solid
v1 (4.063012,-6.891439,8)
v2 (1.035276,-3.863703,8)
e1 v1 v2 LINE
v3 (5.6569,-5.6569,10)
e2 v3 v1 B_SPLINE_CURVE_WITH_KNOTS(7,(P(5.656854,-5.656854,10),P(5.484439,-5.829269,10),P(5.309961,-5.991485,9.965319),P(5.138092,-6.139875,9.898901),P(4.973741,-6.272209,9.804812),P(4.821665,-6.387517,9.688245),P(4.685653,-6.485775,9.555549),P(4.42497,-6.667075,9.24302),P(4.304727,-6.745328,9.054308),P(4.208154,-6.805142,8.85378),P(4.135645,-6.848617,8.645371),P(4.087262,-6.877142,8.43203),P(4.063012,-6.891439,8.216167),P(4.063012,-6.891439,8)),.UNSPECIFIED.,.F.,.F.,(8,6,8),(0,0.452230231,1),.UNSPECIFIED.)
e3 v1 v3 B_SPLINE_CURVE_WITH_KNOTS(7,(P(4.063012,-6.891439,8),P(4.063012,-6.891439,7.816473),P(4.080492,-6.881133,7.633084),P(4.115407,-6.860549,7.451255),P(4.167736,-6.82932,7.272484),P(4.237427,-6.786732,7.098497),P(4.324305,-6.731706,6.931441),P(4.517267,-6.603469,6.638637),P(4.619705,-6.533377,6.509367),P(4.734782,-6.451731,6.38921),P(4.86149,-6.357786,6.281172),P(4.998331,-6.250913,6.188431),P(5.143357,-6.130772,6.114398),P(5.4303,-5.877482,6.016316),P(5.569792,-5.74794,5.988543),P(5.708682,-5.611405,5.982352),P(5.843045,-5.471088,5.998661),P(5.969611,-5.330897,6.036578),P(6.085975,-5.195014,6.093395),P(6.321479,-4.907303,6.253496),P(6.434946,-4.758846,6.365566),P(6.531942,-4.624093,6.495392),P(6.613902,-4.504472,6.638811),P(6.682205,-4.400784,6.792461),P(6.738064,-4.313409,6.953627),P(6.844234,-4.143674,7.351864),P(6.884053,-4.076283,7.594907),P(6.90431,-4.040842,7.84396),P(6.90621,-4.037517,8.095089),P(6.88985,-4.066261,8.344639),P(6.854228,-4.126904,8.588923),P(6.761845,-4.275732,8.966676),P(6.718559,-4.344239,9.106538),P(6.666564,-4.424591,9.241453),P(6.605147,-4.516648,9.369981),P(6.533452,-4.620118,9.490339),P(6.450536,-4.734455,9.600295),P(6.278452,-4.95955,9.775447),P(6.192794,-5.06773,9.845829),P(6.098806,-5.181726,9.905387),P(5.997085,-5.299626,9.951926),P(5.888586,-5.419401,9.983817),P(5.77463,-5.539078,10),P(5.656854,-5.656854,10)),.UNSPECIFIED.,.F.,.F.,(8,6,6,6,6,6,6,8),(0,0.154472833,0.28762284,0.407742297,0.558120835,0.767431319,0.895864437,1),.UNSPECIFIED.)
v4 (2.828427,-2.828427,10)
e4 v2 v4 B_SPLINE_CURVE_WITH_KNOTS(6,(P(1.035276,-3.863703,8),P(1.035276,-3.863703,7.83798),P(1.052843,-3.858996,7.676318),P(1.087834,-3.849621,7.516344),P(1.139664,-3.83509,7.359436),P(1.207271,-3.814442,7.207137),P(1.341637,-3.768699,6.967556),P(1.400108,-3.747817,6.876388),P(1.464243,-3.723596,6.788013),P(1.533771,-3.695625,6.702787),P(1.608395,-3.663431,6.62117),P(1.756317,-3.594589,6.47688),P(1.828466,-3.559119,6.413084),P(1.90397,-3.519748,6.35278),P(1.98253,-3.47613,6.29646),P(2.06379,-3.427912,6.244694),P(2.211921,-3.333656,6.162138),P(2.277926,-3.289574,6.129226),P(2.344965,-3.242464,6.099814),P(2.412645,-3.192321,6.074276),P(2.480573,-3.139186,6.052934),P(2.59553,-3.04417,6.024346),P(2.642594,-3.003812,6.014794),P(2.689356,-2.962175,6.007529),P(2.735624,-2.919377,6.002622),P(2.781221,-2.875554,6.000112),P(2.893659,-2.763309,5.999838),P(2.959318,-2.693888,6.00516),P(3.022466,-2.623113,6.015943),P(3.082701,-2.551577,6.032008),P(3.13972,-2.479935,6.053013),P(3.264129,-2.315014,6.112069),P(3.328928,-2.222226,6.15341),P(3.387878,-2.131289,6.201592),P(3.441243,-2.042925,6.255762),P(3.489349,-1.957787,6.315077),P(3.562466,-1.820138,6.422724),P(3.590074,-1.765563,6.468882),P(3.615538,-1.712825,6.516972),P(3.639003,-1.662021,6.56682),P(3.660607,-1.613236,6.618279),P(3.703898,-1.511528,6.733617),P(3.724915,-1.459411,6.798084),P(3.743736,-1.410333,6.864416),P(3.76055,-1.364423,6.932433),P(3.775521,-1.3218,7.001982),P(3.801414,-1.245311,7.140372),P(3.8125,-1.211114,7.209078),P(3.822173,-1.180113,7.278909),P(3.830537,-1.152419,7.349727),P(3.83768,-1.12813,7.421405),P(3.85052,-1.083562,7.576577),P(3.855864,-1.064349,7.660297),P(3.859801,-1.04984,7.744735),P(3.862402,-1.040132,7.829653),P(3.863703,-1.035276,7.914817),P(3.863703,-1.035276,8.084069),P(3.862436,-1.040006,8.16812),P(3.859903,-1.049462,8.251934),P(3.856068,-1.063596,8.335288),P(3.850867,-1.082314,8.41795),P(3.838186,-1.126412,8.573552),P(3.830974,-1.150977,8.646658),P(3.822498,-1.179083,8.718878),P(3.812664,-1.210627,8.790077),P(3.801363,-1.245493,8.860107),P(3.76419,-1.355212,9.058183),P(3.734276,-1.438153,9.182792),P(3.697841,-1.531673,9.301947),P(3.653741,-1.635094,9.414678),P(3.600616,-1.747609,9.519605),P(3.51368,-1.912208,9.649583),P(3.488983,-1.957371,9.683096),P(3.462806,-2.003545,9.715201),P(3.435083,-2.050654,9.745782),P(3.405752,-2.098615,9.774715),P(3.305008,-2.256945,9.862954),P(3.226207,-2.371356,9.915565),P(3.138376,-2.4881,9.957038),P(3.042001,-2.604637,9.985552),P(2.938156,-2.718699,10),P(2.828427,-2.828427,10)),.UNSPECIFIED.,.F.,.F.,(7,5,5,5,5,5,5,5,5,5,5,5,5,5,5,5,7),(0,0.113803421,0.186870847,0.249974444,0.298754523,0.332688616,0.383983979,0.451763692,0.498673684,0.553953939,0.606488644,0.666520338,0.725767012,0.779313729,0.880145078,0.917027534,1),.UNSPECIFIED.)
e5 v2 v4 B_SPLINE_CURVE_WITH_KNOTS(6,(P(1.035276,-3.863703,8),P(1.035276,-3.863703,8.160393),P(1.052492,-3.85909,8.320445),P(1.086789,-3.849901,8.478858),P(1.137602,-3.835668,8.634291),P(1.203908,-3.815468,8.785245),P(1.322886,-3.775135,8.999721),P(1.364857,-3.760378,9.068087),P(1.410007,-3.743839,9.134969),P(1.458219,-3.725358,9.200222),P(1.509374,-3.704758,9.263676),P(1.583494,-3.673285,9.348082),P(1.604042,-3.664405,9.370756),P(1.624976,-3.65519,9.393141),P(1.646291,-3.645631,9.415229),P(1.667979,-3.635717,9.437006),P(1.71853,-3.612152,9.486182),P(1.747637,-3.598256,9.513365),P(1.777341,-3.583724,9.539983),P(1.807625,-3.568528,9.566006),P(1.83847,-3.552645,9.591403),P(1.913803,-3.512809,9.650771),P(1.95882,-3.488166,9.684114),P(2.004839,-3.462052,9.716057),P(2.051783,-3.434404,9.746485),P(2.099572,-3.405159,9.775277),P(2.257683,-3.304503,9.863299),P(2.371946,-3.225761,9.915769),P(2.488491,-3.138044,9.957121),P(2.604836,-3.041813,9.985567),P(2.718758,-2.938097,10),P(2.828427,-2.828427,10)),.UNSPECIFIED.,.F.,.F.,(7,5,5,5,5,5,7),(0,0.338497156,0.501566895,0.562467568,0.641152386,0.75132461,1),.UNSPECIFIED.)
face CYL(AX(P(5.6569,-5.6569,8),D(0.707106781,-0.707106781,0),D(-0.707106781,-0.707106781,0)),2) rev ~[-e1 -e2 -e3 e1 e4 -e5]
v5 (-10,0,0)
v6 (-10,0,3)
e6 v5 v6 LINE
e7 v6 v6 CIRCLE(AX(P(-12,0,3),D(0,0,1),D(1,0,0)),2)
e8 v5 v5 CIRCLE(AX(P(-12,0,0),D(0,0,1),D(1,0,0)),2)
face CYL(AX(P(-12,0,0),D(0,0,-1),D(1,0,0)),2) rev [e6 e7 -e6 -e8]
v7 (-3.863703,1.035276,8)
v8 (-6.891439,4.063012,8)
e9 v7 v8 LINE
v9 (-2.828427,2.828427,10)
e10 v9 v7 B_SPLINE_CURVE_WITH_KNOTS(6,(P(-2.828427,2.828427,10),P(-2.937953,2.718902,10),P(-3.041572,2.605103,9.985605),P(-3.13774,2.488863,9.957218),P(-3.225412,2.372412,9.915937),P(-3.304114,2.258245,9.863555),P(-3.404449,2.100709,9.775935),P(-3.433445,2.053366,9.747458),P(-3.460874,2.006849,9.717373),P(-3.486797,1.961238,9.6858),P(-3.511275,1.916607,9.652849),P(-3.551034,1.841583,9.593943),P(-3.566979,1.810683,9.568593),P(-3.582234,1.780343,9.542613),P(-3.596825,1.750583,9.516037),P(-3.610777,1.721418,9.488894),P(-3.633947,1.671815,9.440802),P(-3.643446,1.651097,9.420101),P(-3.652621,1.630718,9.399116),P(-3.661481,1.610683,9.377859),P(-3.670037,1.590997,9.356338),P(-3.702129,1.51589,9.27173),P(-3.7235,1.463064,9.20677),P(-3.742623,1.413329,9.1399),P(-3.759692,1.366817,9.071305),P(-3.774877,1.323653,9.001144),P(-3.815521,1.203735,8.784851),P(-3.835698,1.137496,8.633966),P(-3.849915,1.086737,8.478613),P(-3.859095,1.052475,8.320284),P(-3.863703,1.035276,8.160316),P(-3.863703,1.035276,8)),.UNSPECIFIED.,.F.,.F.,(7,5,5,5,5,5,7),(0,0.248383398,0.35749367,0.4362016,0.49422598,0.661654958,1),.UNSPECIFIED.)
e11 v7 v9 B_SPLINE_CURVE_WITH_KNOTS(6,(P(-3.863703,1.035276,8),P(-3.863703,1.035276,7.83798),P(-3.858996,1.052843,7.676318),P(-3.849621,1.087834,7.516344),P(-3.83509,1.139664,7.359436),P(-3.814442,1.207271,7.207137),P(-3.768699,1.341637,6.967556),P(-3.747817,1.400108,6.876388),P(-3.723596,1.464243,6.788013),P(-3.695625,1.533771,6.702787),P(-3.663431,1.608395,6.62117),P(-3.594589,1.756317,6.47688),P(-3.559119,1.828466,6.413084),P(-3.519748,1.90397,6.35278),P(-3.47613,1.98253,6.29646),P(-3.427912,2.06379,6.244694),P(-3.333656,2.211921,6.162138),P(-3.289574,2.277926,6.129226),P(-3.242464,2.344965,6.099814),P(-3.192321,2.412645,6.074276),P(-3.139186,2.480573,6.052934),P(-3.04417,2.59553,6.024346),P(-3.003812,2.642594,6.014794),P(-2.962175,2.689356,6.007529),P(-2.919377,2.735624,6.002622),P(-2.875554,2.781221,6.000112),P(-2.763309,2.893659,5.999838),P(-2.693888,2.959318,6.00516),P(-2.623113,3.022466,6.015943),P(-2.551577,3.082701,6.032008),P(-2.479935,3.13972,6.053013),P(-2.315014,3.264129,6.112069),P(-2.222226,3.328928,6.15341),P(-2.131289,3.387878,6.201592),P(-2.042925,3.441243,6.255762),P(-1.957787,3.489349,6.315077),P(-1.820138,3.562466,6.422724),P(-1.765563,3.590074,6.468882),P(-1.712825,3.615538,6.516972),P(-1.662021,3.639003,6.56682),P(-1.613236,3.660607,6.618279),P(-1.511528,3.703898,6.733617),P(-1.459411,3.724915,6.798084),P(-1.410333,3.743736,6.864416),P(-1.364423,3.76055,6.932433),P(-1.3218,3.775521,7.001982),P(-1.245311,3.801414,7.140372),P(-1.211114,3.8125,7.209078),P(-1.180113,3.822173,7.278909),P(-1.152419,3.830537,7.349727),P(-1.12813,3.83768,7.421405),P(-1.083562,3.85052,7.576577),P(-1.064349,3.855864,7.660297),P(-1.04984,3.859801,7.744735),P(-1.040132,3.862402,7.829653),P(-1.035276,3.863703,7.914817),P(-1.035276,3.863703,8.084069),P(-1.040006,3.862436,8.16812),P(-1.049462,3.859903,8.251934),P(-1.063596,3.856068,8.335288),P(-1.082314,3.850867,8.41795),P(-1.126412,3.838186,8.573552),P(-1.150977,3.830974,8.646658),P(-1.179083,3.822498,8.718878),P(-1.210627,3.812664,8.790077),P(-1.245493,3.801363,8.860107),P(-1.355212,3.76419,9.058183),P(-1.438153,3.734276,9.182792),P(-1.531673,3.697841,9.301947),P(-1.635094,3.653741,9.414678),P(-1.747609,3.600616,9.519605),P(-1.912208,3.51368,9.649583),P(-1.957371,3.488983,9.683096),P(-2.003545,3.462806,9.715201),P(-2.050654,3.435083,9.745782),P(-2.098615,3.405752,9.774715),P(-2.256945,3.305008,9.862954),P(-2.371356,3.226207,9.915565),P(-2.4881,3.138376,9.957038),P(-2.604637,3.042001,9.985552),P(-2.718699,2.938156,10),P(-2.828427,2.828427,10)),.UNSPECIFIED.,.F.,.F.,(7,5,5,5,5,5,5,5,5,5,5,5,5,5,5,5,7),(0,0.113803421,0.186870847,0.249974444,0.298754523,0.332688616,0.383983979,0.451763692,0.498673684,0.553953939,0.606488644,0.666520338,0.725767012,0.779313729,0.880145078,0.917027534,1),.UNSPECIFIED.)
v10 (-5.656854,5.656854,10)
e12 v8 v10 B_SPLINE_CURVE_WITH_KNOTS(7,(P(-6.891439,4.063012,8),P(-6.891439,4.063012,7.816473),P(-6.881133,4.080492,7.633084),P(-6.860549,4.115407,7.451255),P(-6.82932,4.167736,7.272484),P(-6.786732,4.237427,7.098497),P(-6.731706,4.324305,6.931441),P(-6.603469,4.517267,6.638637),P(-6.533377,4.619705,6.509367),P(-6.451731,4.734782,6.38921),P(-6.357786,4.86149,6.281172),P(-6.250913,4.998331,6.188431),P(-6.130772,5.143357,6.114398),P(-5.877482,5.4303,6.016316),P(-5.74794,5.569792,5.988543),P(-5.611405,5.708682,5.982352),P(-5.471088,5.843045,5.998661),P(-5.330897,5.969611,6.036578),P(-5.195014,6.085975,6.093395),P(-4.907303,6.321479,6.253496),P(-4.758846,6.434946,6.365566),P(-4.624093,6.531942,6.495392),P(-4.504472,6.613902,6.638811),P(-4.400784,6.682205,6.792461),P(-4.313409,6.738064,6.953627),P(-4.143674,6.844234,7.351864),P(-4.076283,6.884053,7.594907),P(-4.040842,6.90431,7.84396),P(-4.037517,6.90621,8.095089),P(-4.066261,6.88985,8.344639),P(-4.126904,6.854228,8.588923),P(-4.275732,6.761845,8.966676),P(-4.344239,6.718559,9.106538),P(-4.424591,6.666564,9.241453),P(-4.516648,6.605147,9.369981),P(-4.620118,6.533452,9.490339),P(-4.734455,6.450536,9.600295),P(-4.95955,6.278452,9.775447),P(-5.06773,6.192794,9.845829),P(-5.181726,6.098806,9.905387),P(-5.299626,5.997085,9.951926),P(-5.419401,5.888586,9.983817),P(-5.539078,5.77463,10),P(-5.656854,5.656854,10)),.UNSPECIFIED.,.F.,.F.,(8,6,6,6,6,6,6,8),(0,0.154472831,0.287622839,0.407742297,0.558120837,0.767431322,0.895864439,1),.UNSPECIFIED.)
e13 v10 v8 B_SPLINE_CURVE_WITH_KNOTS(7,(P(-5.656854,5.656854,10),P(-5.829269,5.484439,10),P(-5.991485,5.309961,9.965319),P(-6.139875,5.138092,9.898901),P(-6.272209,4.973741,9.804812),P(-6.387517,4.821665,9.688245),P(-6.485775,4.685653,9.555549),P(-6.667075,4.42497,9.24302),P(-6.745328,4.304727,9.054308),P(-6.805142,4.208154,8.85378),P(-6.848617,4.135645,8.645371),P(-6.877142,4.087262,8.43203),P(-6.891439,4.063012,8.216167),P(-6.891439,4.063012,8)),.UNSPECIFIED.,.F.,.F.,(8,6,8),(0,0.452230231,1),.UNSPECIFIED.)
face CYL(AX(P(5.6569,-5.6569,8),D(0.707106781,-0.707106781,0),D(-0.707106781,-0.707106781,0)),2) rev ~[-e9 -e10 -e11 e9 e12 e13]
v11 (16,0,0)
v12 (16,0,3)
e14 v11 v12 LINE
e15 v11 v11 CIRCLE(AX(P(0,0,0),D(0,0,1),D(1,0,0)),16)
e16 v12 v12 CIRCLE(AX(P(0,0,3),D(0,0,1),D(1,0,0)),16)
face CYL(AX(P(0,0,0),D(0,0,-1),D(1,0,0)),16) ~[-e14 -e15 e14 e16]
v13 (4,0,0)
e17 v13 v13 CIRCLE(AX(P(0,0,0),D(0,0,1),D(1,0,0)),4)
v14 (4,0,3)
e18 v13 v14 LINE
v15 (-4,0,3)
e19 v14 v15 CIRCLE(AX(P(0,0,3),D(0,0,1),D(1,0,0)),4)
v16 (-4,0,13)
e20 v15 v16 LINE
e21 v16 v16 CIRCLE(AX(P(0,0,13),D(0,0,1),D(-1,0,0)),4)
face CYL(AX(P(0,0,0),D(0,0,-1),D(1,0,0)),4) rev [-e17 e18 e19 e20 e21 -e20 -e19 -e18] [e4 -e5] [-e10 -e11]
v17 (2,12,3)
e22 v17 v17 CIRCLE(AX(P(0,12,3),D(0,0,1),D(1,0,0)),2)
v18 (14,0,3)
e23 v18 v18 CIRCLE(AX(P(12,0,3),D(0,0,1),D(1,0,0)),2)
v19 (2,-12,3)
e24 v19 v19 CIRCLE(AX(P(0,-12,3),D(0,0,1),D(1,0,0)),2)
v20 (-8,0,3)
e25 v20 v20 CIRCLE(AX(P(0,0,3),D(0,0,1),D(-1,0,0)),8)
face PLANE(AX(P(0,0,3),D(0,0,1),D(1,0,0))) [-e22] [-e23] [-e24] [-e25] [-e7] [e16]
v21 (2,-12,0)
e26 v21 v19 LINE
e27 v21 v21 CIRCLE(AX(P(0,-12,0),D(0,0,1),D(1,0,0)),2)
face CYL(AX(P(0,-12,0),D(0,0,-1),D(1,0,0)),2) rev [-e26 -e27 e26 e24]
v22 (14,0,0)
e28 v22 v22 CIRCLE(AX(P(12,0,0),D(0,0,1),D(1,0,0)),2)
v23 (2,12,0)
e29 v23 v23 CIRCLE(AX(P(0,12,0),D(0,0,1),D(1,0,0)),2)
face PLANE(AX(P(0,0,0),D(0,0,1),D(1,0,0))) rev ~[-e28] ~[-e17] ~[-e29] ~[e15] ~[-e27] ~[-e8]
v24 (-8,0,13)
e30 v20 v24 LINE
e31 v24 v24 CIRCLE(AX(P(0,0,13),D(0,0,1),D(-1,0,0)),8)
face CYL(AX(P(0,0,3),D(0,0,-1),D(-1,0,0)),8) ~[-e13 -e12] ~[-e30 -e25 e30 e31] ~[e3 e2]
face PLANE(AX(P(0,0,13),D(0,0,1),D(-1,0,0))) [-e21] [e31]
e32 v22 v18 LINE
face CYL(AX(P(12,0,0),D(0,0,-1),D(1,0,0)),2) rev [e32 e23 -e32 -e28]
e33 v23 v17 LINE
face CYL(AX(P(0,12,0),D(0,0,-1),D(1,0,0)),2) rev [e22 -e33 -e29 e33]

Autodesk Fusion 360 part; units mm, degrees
sketch "Sketch1" plane through (0, 0, 0) normal (0, 0, 1) x (1, 0, 0)
  circle A0 centre (0, 0) radius 16
  circle A1 centre (0, 0) radius 12 construction
  line L0 (0, 0) -> (0, 16) construction
  circle A2 centre (0, 12) radius 2
  circle A3 centre (-12, 0) radius 2
  circle A4 centre (0, -12) radius 2
  circle A5 centre (12, 0) radius 2
  circle A6 centre (0, 0) radius 4
  dimension "d1" = 32
  dimension "d2" = 24
  dimension "d3" = 4
  dimension "d5" = 360
  dimension "d6" = 8
extrude "Extrude1" add sketch "Sketch1" along normal blind 3
sketch "Sketch2" plane through (0, 0, 3) normal (0, 0, 1) x (-1, 0, 0)
  circle A0 centre (0, -12) radius 2
  circle A1 centre (12, 0) radius 2
  circle A2 centre (0, 12) radius 2
  circle A3 centre (-12, 0) radius 2
  circle A4 centre (0, 0) radius 4
  circle A5 centre (0, 0) radius 16
  circle A6 centre (0, 0) radius 8
  dimension "d9" = 16
extrude "Extrude2" add sketch "Sketch2" along normal blind 10 contours A6
ref_plane "WorkPlane1" through (5.6569, -5.6569, 11.1327) normal (0.7071, -0.7071, 0) x (-0.7071, -0.7071, 0)
sketch "Sketch3" plane through (5.6569, -5.6569, 0) normal (0.7071, -0.7071, 0) x (-0.7071, -0.7071, 0)
  line L0 (-8, -13) -> (8, -13)
  line L1 (8, -3) -> (-8, -3)
  line L2 (0, -13) -> (0, -3) construction
  circle A0 centre (0, -8) radius 2
  line L3 (0, -8) -> (0, -10)
  dimension "d13" = 4
  dimension "d14" = 3
extrude "Extrude3" cut sketch "Sketch3" against normal blind 18
